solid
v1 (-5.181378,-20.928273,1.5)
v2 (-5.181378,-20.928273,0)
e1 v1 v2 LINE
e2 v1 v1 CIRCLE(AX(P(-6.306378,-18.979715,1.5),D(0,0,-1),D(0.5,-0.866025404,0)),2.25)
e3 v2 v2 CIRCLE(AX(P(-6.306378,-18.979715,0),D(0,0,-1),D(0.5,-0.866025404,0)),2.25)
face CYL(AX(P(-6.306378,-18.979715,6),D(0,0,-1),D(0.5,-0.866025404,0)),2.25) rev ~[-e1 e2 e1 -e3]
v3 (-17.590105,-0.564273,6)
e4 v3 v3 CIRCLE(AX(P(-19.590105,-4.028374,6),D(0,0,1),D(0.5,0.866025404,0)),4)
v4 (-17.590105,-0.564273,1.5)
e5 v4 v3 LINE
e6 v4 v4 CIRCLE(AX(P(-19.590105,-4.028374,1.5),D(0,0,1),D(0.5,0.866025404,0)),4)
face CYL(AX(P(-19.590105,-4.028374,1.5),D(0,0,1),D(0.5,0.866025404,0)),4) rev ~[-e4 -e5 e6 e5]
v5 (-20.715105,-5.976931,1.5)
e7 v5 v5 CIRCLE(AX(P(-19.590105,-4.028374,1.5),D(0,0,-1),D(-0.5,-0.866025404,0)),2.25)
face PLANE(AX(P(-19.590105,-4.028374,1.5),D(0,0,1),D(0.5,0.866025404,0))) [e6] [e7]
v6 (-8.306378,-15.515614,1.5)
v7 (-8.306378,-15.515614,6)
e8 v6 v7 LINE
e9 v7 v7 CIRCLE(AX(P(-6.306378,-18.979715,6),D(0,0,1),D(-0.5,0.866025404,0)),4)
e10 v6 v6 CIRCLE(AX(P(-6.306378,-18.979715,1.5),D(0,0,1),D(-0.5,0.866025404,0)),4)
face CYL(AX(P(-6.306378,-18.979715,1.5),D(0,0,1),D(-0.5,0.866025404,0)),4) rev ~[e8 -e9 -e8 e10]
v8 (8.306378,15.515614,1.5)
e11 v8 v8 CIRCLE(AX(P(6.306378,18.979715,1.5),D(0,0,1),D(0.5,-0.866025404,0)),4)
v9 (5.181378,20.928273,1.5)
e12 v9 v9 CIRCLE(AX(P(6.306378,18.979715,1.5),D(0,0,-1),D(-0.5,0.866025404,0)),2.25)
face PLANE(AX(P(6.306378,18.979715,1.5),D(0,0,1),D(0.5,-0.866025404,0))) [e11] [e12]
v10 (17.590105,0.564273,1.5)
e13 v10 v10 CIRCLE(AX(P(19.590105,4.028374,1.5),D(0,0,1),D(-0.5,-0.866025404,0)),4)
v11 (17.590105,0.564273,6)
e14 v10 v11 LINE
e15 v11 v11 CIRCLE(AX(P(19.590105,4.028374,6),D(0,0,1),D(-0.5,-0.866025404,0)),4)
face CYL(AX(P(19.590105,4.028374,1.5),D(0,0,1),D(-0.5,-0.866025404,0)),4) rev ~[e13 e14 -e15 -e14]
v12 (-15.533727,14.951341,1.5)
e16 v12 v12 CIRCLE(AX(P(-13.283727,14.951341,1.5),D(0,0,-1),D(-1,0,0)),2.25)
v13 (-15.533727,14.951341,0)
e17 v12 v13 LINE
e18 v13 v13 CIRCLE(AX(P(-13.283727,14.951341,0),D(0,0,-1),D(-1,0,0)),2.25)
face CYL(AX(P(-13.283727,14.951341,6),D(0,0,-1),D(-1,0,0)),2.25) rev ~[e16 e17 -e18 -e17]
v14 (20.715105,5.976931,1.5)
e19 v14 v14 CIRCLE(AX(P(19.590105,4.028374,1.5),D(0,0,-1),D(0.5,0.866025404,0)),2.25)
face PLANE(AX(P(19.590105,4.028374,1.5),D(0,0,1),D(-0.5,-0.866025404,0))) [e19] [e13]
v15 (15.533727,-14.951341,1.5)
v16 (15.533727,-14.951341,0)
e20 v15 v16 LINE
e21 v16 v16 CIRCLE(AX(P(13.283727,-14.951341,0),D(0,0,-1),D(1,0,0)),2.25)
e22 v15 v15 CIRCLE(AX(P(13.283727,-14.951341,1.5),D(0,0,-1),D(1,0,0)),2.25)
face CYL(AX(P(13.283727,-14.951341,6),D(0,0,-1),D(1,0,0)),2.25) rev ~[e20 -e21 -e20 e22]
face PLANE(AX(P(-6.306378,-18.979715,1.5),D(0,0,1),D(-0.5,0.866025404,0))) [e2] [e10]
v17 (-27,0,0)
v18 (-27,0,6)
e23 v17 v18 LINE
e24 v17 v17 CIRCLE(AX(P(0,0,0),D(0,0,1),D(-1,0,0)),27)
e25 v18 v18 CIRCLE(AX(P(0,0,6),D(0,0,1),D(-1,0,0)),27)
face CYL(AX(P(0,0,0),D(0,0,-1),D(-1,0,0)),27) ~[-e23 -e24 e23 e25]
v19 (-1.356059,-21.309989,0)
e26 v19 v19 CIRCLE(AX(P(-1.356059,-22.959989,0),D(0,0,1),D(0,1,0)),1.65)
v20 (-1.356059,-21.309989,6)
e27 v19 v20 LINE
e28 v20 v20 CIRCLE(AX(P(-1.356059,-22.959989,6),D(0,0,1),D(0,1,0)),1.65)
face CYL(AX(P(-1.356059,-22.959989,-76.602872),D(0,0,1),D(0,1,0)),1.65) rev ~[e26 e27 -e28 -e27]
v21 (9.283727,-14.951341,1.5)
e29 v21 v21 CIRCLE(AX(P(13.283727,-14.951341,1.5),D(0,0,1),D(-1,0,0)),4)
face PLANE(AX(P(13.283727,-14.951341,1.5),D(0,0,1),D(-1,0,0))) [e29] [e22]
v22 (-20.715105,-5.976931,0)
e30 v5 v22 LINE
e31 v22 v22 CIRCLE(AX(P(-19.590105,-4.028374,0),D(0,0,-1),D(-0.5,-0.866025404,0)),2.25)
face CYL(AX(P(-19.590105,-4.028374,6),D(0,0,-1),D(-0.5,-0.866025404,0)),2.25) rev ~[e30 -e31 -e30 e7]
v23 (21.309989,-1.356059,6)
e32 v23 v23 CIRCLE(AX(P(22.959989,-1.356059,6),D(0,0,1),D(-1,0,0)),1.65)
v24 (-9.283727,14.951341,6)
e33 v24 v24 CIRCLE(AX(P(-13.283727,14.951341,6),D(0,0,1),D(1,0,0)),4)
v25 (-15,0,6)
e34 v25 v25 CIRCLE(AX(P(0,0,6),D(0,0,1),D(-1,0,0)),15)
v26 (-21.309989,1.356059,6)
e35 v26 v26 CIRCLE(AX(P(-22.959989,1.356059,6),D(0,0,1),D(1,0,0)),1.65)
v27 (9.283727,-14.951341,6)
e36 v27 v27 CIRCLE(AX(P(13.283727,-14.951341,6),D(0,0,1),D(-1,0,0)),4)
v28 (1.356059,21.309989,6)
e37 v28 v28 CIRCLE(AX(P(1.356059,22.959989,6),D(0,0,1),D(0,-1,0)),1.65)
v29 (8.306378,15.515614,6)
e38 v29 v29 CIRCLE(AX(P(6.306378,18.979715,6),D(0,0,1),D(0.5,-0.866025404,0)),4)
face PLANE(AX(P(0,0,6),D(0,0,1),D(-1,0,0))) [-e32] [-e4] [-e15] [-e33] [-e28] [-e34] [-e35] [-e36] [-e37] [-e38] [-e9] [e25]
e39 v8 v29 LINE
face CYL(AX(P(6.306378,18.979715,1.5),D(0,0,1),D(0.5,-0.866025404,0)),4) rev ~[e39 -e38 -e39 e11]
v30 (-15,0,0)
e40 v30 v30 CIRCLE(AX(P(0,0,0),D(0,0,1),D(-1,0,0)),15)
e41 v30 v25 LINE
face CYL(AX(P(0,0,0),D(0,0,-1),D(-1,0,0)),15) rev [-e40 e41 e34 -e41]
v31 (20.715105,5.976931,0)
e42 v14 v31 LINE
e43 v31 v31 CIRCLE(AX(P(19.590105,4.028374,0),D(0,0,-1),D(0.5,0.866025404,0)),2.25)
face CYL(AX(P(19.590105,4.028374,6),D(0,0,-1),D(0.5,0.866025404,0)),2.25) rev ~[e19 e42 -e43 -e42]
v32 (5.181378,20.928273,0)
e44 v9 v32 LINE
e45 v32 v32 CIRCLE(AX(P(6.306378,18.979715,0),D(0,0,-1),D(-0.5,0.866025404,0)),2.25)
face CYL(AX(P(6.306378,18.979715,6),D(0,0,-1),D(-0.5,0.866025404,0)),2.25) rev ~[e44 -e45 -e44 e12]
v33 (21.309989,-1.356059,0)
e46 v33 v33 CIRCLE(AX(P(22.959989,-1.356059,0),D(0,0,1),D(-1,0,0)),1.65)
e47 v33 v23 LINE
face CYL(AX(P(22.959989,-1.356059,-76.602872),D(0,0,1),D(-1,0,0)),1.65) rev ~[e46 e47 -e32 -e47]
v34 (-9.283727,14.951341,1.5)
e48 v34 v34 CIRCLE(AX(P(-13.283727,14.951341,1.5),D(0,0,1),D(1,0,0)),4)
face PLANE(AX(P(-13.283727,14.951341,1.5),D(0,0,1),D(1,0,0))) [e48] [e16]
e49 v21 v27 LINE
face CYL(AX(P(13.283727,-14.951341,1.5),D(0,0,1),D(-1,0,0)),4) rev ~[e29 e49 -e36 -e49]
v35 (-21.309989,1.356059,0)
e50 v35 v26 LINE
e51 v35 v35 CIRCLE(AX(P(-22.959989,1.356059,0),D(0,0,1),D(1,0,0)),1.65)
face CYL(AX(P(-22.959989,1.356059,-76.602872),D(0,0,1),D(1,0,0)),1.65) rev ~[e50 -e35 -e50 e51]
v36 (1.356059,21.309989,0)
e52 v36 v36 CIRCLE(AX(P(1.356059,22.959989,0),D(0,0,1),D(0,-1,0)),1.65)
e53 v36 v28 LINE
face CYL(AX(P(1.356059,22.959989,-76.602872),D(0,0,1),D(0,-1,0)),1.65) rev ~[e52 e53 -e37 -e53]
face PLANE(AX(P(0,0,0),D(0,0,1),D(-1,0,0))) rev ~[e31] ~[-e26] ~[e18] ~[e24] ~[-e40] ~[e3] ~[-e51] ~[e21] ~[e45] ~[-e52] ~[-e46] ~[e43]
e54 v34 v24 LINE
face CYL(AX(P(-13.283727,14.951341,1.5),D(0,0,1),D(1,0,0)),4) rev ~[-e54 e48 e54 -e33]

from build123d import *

# Parameters (mm, degrees)
ESQUISSE5_R                                     = 27
ESQUISSE5_R_2                                   = 15
BASE_EXTRUSION_DEPTH                            = 6
TROU_TARAUD_M4X0_71_D                           = 3.3
R_P_TITION_CIRCULAIRE1_COUNT                    = 4
CHAMBRAGE_POUR_VIS_T_TE_CYLINDRIQUE_D           = 4.5
CHAMBRAGE_POUR_VIS_T_TE_CYLINDRIQUE_CBORE_D     = 8
CHAMBRAGE_POUR_VIS_T_TE_CYLINDRIQUE_CBORE_DEPTH = 4.5
R_P_TITION_CIRCULAIRE2_COUNT                    = 6


with BuildPart() as part:
    # Esquisse5 → Base-Extrusion (new body)
    with BuildSketch(Plane.XY):
        with Locations(Location((0, 0, 0), (0, 0, 180))):
            Circle(ESQUISSE5_R)
        with Locations(Location((0, 0, 0), (0, 0, 180))):
            Circle(ESQUISSE5_R_2, mode=Mode.SUBTRACT)
    extrude(amount=BASE_EXTRUSION_DEPTH)

    # Trou taraudé M4x0.71 (through all)
    with Locations(Plane(origin=(0, 0, 0), x_dir=(-1, 0, 0), z_dir=(0, 0, -1))):
        with Locations((22.959989216, 1.356058707)):
            trou_taraud_m4x0_71 = Hole(TROU_TARAUD_M4X0_71_D / 2)

    # Répétition circulaire1: Trou taraudé M4x0.71 ×4 about axis
    r_p_tition_circulaire1_axis = Axis((0, 0, 0), (0, 0, -1))
    for i in range(1, R_P_TITION_CIRCULAIRE1_COUNT):
        add(trou_taraud_m4x0_71.rotate(r_p_tition_circulaire1_axis, i * 360 / R_P_TITION_CIRCULAIRE1_COUNT), mode=Mode.SUBTRACT)

    # Chambrage pour vis à tête cylindrique à 6 pans creux (vis CHC) M41 (through all)
    with Locations(Plane.XY.offset(6)):
        with Locations((-13.28372675, 14.951341198)):
            chambrage_pour_vis_t_te_cylindrique = CounterBoreHole(CHAMBRAGE_POUR_VIS_T_TE_CYLINDRIQUE_D / 2, CHAMBRAGE_POUR_VIS_T_TE_CYLINDRIQUE_CBORE_D / 2, CHAMBRAGE_POUR_VIS_T_TE_CYLINDRIQUE_CBORE_DEPTH)

    # Répétition circulaire2: Chambrage pour vis à tête cylindrique à 6 pans creux (vis CHC) M41 ×6 about axis
    r_p_tition_circulaire2_axis = Axis((0, 0, 0), (0, 0, -1))
    for i in range(1, R_P_TITION_CIRCULAIRE2_COUNT):
        add(chambrage_pour_vis_t_te_cylindrique.rotate(r_p_tition_circulaire2_axis, i * 360 / R_P_TITION_CIRCULAIRE2_COUNT), mode=Mode.SUBTRACT)


solid = part.part
